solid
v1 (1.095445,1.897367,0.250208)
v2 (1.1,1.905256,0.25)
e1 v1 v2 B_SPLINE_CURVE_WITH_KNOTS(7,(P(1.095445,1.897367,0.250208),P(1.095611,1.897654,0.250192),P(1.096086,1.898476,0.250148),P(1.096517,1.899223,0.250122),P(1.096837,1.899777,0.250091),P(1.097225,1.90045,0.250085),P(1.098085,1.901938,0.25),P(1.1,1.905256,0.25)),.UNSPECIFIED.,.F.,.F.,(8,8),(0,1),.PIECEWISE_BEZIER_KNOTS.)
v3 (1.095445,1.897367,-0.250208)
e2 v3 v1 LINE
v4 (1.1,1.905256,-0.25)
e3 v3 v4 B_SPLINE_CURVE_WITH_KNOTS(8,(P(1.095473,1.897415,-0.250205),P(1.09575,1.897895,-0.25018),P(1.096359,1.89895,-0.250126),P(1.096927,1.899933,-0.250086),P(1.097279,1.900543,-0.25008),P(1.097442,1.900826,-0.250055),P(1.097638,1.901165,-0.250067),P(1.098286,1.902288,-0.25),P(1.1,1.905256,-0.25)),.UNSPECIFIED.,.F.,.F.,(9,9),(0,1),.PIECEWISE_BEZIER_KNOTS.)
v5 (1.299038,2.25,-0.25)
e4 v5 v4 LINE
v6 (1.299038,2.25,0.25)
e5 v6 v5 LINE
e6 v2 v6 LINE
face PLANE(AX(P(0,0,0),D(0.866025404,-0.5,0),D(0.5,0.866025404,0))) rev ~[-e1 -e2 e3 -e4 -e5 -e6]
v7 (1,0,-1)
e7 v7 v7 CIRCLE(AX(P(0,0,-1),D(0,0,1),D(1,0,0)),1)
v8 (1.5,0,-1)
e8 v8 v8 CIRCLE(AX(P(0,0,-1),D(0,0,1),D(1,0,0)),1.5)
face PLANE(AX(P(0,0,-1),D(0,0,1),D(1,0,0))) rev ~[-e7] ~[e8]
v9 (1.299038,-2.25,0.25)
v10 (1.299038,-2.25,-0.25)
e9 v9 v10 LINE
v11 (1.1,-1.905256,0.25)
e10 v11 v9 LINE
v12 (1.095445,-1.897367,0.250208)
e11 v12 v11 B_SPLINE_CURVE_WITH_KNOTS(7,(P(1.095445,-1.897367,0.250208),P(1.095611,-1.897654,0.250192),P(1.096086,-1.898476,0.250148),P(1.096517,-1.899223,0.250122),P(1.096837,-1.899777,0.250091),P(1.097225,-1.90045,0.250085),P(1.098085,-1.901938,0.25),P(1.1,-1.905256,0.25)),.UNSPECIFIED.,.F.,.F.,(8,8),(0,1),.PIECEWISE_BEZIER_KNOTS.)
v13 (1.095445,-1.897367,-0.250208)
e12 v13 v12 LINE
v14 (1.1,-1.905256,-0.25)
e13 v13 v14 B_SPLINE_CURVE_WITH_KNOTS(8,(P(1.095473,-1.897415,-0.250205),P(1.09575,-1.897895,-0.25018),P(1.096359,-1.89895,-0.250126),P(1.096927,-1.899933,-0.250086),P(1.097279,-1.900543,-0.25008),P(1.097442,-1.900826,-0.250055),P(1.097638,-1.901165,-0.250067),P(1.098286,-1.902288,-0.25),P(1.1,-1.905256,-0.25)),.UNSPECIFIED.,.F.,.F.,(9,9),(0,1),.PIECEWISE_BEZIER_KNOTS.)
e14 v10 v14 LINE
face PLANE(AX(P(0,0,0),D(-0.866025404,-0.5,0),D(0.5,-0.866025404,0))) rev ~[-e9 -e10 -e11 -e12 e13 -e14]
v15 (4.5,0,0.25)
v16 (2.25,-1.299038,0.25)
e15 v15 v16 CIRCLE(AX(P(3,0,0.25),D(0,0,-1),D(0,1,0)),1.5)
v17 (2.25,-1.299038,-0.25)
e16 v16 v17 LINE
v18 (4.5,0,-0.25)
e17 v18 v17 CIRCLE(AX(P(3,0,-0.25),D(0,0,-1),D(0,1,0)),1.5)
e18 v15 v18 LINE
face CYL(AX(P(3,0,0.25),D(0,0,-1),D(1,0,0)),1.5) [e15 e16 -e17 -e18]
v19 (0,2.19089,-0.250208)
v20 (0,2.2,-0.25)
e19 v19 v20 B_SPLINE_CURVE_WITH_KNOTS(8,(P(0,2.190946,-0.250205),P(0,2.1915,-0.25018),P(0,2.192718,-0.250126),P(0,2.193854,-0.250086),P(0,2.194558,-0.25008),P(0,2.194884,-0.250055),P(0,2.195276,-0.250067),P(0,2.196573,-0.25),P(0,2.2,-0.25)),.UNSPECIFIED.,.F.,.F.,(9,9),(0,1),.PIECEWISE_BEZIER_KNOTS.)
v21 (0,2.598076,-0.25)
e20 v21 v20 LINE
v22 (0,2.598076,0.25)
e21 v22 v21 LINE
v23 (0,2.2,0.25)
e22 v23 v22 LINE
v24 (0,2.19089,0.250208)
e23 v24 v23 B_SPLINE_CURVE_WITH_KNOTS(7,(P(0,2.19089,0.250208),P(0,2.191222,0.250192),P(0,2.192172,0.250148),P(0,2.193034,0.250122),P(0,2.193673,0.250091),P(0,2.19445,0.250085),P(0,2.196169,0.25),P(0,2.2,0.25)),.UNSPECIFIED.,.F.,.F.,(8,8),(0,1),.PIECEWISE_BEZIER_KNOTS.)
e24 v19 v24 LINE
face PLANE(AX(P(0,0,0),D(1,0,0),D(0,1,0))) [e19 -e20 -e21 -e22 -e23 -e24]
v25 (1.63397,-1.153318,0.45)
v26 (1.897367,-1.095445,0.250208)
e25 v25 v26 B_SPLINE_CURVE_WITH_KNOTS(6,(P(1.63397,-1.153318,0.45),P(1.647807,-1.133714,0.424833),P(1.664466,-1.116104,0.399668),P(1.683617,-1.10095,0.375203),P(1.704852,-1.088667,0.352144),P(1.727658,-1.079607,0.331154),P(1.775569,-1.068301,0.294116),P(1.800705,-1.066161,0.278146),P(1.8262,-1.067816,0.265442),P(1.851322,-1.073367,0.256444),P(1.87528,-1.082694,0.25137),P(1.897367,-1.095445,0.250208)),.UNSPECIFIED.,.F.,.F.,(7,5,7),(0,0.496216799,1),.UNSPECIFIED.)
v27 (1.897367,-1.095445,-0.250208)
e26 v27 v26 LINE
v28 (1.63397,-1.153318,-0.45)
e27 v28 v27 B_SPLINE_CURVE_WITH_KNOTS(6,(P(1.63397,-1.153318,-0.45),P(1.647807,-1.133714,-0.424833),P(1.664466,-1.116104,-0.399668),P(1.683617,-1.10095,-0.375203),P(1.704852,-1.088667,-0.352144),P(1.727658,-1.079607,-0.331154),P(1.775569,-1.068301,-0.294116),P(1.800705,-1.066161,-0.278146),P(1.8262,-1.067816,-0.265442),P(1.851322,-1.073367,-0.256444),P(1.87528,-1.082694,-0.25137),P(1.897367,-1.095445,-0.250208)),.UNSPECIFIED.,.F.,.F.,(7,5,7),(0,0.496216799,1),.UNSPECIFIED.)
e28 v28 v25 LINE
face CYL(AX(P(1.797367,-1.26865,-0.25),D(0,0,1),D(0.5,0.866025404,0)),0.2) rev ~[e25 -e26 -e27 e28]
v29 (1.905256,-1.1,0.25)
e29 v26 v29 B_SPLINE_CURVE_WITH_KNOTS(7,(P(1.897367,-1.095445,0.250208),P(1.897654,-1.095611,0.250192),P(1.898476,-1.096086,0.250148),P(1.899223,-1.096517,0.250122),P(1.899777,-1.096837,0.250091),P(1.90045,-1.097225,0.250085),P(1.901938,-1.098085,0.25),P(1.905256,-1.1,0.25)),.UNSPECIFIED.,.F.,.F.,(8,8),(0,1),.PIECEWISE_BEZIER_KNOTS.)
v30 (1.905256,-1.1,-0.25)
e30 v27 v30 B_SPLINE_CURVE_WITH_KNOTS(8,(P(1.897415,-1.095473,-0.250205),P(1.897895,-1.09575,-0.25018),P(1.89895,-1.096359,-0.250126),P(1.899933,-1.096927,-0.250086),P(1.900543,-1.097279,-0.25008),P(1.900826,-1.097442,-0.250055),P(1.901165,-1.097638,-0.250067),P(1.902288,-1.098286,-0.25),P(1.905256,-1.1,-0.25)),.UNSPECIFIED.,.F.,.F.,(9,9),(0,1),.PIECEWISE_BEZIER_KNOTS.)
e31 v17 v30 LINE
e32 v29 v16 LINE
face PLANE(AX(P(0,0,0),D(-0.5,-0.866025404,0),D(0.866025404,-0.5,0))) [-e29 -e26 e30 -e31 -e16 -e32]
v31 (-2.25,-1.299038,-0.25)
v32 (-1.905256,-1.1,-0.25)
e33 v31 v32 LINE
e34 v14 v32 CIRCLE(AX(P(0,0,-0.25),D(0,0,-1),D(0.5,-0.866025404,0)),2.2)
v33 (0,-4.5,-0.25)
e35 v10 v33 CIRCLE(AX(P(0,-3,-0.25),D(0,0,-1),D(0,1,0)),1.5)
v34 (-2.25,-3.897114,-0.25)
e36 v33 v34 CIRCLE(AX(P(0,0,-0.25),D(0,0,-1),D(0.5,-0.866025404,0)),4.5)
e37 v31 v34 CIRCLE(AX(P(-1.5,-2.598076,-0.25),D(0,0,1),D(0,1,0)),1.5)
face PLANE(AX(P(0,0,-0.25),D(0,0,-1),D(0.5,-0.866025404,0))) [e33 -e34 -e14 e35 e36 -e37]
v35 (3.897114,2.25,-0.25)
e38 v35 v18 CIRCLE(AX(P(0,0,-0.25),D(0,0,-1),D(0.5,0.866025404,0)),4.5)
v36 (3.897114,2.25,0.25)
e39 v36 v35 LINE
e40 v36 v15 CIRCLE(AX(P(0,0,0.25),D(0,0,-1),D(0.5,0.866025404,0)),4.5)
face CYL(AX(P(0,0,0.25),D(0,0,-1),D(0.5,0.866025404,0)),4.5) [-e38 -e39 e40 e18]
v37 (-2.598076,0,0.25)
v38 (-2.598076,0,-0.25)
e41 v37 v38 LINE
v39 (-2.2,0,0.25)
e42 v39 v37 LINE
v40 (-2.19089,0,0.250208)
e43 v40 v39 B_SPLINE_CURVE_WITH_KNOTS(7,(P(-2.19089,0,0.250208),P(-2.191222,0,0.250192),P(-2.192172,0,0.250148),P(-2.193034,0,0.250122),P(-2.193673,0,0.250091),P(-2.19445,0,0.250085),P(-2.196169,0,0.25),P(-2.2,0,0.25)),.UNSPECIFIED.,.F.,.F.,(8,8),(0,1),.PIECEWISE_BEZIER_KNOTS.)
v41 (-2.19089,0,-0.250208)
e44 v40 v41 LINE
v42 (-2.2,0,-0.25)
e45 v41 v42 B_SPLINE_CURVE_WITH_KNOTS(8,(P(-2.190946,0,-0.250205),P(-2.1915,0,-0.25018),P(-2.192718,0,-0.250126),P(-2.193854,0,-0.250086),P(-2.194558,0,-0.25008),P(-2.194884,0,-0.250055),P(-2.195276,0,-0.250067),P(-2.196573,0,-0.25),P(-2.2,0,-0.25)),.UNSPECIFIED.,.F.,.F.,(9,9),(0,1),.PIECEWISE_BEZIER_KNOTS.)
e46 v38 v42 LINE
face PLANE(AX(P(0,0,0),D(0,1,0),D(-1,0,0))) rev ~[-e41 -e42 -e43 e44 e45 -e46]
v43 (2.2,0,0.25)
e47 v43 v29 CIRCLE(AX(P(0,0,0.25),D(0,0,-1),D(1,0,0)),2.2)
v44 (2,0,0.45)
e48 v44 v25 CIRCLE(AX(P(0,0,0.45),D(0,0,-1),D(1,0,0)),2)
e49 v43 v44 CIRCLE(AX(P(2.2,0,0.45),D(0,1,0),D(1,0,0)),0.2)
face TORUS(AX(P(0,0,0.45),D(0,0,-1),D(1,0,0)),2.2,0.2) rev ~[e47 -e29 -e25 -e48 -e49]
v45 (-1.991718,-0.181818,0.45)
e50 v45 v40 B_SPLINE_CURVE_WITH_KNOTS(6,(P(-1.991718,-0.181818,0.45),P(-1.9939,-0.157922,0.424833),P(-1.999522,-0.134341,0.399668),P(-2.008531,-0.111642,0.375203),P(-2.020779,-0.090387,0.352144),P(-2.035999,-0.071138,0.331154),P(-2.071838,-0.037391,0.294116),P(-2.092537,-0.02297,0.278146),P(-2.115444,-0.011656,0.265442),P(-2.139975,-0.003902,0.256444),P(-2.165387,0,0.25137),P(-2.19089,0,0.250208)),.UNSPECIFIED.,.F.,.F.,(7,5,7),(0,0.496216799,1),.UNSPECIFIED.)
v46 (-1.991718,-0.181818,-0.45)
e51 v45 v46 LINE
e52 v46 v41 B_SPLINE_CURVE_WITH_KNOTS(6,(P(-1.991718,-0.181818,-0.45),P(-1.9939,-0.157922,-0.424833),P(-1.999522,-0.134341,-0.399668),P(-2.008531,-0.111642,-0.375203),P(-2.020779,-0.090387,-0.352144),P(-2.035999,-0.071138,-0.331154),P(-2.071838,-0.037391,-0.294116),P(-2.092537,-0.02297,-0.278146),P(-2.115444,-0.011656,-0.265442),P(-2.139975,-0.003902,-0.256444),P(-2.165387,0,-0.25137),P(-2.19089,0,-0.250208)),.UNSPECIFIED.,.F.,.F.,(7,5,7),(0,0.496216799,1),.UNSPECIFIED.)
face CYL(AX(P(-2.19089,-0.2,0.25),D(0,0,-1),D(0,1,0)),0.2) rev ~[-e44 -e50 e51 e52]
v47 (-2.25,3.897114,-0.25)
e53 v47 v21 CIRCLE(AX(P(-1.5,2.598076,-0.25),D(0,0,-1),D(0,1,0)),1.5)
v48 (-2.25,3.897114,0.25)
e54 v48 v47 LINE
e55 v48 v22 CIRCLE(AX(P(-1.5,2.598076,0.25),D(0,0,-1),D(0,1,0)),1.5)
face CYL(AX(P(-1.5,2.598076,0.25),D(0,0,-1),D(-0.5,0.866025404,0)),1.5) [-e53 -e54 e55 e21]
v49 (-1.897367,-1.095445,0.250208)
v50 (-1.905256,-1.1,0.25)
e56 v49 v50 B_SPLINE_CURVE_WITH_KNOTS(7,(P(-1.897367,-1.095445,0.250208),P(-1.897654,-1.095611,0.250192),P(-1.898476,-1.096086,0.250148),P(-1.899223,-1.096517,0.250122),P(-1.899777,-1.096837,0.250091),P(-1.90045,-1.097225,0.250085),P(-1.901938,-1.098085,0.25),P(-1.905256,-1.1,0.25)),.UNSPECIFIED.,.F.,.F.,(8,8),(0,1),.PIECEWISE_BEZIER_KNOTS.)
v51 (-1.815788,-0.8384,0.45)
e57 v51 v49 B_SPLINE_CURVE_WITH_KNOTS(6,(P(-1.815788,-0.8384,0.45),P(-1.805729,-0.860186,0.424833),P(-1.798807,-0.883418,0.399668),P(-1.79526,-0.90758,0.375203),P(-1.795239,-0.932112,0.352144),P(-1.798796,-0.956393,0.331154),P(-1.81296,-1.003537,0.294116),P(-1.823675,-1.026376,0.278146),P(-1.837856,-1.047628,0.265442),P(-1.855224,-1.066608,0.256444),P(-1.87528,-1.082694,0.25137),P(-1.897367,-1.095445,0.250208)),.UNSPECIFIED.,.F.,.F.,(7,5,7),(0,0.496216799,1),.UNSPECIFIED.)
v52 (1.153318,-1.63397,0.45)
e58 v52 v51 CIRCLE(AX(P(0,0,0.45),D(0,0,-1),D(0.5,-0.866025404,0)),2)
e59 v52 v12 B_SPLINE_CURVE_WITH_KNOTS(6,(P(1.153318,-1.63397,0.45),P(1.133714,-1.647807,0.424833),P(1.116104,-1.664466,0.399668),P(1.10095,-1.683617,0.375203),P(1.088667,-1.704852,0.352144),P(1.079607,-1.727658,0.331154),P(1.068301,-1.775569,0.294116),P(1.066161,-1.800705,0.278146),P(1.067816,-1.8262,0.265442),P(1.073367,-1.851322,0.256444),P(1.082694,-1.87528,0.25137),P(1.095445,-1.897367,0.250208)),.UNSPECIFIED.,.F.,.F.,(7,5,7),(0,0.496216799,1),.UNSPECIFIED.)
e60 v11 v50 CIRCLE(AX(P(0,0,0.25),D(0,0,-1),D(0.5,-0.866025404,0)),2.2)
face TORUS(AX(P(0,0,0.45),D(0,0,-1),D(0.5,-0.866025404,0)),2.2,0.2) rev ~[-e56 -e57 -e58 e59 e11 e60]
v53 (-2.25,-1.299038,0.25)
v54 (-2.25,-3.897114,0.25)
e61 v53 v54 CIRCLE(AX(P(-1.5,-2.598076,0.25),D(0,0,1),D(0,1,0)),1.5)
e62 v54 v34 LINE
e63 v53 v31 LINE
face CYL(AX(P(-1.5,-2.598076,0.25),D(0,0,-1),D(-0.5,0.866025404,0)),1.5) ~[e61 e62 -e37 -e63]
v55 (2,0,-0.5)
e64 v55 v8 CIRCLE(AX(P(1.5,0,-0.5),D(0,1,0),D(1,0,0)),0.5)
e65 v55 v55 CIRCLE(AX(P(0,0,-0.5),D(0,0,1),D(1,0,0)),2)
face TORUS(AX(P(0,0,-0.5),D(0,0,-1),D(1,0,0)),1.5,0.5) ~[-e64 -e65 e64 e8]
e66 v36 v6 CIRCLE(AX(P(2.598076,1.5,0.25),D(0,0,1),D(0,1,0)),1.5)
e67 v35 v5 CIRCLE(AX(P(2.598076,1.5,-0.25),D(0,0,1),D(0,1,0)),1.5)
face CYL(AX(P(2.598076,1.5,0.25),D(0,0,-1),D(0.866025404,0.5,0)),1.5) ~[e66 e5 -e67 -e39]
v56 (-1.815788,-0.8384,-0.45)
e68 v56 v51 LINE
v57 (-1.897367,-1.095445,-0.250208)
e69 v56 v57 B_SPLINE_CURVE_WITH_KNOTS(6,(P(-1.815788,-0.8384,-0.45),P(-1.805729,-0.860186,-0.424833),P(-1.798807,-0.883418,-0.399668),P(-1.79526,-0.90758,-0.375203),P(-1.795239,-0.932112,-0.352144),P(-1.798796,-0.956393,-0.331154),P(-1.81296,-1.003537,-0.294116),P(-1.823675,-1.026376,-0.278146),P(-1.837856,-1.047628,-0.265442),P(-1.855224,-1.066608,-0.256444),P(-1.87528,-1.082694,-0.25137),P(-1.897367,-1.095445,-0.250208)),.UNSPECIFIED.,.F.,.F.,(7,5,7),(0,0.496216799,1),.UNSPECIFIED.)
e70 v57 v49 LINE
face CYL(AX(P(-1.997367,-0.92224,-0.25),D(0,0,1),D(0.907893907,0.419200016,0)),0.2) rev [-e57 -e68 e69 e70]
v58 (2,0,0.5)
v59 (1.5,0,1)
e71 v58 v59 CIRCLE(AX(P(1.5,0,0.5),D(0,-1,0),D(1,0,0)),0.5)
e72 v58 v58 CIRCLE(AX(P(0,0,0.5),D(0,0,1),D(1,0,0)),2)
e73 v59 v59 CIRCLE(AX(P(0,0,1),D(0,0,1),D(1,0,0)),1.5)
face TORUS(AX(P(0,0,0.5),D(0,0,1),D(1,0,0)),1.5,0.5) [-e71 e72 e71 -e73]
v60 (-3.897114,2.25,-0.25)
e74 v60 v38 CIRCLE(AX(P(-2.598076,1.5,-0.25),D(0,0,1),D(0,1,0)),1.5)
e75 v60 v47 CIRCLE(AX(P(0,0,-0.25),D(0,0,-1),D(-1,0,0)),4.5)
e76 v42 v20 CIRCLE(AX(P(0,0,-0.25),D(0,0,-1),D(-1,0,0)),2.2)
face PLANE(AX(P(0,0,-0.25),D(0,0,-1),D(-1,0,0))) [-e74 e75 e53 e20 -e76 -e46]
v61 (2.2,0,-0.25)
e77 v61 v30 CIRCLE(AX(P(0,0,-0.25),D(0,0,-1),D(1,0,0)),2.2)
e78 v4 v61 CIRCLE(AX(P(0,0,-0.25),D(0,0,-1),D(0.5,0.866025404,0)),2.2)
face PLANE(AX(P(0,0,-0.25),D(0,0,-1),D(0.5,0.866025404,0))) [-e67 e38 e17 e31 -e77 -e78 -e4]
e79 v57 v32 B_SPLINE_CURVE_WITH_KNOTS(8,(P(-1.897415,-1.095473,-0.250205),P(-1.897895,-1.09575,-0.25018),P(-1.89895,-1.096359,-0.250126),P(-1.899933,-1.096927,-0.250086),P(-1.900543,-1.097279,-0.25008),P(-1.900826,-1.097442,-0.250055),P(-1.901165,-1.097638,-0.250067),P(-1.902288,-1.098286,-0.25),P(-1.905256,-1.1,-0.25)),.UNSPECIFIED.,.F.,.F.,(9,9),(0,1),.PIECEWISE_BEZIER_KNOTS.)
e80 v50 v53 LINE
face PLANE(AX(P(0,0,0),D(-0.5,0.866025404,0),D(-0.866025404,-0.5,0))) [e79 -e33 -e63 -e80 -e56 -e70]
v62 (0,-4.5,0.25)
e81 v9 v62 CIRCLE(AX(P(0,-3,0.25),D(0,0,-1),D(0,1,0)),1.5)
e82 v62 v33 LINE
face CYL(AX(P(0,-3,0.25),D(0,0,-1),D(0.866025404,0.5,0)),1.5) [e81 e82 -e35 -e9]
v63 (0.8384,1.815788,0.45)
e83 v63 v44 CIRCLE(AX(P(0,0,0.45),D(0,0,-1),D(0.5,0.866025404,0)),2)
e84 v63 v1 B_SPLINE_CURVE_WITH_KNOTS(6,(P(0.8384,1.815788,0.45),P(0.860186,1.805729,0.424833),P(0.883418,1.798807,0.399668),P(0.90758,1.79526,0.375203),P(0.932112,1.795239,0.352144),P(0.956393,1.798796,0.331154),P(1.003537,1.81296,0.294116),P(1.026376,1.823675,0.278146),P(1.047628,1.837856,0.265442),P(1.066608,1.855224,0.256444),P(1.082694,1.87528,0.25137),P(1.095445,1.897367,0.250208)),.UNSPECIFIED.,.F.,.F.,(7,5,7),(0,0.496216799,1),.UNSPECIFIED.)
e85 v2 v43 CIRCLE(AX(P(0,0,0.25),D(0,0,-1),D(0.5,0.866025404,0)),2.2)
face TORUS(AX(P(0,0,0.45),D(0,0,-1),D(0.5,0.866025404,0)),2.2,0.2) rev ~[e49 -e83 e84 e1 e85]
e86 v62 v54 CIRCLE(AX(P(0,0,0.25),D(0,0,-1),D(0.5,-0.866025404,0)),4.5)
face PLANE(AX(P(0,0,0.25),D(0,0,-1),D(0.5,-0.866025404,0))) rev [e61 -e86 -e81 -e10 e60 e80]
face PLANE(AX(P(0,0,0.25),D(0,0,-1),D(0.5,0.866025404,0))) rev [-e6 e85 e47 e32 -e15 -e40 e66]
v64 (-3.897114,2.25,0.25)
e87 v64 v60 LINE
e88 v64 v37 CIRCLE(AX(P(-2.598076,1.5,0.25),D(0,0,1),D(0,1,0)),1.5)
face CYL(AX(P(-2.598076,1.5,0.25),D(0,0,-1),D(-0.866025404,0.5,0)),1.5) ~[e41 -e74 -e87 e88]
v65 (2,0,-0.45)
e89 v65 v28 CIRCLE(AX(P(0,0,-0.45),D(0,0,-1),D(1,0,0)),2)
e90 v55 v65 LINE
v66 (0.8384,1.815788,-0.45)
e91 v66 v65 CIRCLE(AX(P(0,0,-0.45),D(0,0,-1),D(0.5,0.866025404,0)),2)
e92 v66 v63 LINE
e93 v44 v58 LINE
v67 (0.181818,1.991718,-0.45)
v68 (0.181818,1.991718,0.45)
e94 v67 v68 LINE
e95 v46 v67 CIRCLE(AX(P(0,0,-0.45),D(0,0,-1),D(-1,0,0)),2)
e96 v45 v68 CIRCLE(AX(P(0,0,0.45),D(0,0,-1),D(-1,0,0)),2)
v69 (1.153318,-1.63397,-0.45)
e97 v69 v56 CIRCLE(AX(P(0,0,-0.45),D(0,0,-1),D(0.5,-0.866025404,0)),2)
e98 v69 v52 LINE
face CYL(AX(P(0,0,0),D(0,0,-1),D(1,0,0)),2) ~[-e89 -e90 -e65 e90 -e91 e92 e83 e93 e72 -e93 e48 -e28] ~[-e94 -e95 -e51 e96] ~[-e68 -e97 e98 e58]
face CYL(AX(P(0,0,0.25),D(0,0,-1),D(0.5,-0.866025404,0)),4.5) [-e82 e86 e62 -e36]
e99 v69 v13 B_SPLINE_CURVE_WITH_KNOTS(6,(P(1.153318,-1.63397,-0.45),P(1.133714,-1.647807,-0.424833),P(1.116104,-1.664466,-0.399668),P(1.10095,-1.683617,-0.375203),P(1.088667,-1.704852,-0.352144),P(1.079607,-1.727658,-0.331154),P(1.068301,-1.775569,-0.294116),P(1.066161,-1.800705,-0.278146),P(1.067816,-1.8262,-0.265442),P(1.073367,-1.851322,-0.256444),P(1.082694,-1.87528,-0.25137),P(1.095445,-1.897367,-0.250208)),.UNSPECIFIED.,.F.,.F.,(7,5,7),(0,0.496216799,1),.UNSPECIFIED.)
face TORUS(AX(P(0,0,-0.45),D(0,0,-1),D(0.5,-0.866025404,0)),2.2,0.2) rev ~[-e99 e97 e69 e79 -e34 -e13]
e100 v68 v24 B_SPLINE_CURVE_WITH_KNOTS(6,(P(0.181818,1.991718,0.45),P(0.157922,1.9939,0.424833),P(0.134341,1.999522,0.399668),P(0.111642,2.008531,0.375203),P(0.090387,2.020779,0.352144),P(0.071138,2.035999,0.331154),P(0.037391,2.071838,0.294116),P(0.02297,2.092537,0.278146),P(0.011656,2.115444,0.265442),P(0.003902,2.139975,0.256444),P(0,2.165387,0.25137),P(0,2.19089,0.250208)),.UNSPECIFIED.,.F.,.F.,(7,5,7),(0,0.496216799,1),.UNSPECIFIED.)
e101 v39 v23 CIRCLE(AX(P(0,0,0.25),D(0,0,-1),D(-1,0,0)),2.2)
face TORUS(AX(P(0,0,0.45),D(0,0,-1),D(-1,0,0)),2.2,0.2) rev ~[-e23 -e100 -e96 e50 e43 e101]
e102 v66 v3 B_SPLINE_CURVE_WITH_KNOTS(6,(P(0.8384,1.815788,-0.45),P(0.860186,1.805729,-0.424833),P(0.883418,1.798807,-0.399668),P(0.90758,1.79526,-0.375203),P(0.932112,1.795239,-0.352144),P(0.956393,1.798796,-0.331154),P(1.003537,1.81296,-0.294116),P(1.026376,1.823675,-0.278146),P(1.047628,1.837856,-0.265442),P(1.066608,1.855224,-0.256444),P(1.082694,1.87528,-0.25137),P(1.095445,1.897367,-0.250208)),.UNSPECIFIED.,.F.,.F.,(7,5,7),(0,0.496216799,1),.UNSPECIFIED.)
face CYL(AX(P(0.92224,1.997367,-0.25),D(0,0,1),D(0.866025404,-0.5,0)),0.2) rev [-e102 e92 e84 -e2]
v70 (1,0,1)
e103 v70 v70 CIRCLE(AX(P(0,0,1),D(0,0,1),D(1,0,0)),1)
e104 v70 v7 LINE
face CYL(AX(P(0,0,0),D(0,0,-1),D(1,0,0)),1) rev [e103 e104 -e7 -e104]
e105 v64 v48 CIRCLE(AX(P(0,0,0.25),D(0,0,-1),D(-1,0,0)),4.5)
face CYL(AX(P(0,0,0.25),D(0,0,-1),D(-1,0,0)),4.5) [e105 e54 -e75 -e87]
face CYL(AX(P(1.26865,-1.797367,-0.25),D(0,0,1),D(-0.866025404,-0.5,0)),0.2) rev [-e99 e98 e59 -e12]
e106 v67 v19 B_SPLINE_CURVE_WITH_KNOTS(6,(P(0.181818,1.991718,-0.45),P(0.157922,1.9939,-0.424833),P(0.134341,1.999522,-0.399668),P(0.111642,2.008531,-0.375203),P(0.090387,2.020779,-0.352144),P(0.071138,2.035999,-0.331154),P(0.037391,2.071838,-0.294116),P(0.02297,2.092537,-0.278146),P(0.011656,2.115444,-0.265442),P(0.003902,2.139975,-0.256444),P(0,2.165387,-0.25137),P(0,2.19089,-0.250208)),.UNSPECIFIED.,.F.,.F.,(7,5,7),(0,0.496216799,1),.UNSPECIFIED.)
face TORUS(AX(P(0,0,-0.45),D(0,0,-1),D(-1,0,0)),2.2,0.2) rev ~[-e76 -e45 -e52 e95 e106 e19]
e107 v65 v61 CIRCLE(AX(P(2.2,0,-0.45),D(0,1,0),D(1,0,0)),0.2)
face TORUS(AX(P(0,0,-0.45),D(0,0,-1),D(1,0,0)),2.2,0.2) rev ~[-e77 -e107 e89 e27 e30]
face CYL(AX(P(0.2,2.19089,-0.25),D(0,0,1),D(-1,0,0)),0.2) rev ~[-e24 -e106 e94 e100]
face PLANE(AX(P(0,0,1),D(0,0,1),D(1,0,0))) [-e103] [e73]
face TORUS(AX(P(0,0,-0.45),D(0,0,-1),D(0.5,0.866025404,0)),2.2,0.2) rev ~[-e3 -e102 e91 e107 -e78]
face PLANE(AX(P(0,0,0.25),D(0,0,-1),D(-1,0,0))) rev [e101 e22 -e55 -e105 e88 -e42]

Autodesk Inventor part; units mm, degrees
ref_plane "YZ Plane" through (0, 0, 0) normal (1, 0, 0) x (0, 1, 0)
ref_plane "XZ Plane" through (0, 0, 0) normal (0, 1, 0) x (-1, 0, 0)
ref_plane "XY Plane" through (0, 0, 0) normal (0, 0, 1) x (1, 0, 0)
sketch "Sketch1" plane through (0, 0, 0) normal (0, 0, 1) x (1, 0, 0)
  circle A0 centre (0, 0) radius 2
  circle A1 centre (0, 0) radius 1
  dimension "d0" = 4
  dimension "d1" = 2
extrude "Extrusion1" add sketch "Sketch1" along normal mid plane 2
sketch "Sketch2" plane through (0, 0, 0) normal (0, 0, 1) x (1, 0, 0)
  point P0 (0, 0)
sketch "Sketch3" plane through (0, 0, 0) normal (0, 1, 0) x (-1, 0, 0)
  line L0 (2, 0.25) -> (4.5, 0.25)
  line L1 (4.5, 0.25) -> (4.5, -0.25)
  line L2 (4.5, -0.25) -> (2, -0.25)
  line L3 (2, -0.25) -> (2, 0.25)
  line L4 (2, 1) -> (-2, 1) projected
  line L5 (0, 0) -> (0, -2.5781)
  dimension "d4" = 0.5
  dimension "d5" = 2.5
  dimension "d6" = 0.75
  dimension "d15" = 4
revolve "Revolution1" add sketch "Sketch3" angle 90 about axis through (0, 0, 0) along (0, 0, -1)
fillet "Fillet1" radius 1.5 2 edges at (0, 4.5, 0) (-4.5, 0, 0)
fillet "Fillet2" radius 0.2 4 edges at (-2, 0, 0) (-1.4142, 1.4142, -0.25) (-1.4142, 1.4142, 0.25) (0, 2, 0)
pattern_circular "Circular Pattern1" count 3 over 360 about axis through (0, 0, 0) along (0, 0, 1) of "Revolution1", "Fillet1", "Fillet2"
fillet "Fillet3" radius 0.5 1 edges at (-2, 0, 1)
fillet "Fillet3" radius 0.5 1 edges at (-2, 0, -1)
equation "\"d1\" = 0.5 * d0"
properties part number "fan" material "PPS Plastic"
